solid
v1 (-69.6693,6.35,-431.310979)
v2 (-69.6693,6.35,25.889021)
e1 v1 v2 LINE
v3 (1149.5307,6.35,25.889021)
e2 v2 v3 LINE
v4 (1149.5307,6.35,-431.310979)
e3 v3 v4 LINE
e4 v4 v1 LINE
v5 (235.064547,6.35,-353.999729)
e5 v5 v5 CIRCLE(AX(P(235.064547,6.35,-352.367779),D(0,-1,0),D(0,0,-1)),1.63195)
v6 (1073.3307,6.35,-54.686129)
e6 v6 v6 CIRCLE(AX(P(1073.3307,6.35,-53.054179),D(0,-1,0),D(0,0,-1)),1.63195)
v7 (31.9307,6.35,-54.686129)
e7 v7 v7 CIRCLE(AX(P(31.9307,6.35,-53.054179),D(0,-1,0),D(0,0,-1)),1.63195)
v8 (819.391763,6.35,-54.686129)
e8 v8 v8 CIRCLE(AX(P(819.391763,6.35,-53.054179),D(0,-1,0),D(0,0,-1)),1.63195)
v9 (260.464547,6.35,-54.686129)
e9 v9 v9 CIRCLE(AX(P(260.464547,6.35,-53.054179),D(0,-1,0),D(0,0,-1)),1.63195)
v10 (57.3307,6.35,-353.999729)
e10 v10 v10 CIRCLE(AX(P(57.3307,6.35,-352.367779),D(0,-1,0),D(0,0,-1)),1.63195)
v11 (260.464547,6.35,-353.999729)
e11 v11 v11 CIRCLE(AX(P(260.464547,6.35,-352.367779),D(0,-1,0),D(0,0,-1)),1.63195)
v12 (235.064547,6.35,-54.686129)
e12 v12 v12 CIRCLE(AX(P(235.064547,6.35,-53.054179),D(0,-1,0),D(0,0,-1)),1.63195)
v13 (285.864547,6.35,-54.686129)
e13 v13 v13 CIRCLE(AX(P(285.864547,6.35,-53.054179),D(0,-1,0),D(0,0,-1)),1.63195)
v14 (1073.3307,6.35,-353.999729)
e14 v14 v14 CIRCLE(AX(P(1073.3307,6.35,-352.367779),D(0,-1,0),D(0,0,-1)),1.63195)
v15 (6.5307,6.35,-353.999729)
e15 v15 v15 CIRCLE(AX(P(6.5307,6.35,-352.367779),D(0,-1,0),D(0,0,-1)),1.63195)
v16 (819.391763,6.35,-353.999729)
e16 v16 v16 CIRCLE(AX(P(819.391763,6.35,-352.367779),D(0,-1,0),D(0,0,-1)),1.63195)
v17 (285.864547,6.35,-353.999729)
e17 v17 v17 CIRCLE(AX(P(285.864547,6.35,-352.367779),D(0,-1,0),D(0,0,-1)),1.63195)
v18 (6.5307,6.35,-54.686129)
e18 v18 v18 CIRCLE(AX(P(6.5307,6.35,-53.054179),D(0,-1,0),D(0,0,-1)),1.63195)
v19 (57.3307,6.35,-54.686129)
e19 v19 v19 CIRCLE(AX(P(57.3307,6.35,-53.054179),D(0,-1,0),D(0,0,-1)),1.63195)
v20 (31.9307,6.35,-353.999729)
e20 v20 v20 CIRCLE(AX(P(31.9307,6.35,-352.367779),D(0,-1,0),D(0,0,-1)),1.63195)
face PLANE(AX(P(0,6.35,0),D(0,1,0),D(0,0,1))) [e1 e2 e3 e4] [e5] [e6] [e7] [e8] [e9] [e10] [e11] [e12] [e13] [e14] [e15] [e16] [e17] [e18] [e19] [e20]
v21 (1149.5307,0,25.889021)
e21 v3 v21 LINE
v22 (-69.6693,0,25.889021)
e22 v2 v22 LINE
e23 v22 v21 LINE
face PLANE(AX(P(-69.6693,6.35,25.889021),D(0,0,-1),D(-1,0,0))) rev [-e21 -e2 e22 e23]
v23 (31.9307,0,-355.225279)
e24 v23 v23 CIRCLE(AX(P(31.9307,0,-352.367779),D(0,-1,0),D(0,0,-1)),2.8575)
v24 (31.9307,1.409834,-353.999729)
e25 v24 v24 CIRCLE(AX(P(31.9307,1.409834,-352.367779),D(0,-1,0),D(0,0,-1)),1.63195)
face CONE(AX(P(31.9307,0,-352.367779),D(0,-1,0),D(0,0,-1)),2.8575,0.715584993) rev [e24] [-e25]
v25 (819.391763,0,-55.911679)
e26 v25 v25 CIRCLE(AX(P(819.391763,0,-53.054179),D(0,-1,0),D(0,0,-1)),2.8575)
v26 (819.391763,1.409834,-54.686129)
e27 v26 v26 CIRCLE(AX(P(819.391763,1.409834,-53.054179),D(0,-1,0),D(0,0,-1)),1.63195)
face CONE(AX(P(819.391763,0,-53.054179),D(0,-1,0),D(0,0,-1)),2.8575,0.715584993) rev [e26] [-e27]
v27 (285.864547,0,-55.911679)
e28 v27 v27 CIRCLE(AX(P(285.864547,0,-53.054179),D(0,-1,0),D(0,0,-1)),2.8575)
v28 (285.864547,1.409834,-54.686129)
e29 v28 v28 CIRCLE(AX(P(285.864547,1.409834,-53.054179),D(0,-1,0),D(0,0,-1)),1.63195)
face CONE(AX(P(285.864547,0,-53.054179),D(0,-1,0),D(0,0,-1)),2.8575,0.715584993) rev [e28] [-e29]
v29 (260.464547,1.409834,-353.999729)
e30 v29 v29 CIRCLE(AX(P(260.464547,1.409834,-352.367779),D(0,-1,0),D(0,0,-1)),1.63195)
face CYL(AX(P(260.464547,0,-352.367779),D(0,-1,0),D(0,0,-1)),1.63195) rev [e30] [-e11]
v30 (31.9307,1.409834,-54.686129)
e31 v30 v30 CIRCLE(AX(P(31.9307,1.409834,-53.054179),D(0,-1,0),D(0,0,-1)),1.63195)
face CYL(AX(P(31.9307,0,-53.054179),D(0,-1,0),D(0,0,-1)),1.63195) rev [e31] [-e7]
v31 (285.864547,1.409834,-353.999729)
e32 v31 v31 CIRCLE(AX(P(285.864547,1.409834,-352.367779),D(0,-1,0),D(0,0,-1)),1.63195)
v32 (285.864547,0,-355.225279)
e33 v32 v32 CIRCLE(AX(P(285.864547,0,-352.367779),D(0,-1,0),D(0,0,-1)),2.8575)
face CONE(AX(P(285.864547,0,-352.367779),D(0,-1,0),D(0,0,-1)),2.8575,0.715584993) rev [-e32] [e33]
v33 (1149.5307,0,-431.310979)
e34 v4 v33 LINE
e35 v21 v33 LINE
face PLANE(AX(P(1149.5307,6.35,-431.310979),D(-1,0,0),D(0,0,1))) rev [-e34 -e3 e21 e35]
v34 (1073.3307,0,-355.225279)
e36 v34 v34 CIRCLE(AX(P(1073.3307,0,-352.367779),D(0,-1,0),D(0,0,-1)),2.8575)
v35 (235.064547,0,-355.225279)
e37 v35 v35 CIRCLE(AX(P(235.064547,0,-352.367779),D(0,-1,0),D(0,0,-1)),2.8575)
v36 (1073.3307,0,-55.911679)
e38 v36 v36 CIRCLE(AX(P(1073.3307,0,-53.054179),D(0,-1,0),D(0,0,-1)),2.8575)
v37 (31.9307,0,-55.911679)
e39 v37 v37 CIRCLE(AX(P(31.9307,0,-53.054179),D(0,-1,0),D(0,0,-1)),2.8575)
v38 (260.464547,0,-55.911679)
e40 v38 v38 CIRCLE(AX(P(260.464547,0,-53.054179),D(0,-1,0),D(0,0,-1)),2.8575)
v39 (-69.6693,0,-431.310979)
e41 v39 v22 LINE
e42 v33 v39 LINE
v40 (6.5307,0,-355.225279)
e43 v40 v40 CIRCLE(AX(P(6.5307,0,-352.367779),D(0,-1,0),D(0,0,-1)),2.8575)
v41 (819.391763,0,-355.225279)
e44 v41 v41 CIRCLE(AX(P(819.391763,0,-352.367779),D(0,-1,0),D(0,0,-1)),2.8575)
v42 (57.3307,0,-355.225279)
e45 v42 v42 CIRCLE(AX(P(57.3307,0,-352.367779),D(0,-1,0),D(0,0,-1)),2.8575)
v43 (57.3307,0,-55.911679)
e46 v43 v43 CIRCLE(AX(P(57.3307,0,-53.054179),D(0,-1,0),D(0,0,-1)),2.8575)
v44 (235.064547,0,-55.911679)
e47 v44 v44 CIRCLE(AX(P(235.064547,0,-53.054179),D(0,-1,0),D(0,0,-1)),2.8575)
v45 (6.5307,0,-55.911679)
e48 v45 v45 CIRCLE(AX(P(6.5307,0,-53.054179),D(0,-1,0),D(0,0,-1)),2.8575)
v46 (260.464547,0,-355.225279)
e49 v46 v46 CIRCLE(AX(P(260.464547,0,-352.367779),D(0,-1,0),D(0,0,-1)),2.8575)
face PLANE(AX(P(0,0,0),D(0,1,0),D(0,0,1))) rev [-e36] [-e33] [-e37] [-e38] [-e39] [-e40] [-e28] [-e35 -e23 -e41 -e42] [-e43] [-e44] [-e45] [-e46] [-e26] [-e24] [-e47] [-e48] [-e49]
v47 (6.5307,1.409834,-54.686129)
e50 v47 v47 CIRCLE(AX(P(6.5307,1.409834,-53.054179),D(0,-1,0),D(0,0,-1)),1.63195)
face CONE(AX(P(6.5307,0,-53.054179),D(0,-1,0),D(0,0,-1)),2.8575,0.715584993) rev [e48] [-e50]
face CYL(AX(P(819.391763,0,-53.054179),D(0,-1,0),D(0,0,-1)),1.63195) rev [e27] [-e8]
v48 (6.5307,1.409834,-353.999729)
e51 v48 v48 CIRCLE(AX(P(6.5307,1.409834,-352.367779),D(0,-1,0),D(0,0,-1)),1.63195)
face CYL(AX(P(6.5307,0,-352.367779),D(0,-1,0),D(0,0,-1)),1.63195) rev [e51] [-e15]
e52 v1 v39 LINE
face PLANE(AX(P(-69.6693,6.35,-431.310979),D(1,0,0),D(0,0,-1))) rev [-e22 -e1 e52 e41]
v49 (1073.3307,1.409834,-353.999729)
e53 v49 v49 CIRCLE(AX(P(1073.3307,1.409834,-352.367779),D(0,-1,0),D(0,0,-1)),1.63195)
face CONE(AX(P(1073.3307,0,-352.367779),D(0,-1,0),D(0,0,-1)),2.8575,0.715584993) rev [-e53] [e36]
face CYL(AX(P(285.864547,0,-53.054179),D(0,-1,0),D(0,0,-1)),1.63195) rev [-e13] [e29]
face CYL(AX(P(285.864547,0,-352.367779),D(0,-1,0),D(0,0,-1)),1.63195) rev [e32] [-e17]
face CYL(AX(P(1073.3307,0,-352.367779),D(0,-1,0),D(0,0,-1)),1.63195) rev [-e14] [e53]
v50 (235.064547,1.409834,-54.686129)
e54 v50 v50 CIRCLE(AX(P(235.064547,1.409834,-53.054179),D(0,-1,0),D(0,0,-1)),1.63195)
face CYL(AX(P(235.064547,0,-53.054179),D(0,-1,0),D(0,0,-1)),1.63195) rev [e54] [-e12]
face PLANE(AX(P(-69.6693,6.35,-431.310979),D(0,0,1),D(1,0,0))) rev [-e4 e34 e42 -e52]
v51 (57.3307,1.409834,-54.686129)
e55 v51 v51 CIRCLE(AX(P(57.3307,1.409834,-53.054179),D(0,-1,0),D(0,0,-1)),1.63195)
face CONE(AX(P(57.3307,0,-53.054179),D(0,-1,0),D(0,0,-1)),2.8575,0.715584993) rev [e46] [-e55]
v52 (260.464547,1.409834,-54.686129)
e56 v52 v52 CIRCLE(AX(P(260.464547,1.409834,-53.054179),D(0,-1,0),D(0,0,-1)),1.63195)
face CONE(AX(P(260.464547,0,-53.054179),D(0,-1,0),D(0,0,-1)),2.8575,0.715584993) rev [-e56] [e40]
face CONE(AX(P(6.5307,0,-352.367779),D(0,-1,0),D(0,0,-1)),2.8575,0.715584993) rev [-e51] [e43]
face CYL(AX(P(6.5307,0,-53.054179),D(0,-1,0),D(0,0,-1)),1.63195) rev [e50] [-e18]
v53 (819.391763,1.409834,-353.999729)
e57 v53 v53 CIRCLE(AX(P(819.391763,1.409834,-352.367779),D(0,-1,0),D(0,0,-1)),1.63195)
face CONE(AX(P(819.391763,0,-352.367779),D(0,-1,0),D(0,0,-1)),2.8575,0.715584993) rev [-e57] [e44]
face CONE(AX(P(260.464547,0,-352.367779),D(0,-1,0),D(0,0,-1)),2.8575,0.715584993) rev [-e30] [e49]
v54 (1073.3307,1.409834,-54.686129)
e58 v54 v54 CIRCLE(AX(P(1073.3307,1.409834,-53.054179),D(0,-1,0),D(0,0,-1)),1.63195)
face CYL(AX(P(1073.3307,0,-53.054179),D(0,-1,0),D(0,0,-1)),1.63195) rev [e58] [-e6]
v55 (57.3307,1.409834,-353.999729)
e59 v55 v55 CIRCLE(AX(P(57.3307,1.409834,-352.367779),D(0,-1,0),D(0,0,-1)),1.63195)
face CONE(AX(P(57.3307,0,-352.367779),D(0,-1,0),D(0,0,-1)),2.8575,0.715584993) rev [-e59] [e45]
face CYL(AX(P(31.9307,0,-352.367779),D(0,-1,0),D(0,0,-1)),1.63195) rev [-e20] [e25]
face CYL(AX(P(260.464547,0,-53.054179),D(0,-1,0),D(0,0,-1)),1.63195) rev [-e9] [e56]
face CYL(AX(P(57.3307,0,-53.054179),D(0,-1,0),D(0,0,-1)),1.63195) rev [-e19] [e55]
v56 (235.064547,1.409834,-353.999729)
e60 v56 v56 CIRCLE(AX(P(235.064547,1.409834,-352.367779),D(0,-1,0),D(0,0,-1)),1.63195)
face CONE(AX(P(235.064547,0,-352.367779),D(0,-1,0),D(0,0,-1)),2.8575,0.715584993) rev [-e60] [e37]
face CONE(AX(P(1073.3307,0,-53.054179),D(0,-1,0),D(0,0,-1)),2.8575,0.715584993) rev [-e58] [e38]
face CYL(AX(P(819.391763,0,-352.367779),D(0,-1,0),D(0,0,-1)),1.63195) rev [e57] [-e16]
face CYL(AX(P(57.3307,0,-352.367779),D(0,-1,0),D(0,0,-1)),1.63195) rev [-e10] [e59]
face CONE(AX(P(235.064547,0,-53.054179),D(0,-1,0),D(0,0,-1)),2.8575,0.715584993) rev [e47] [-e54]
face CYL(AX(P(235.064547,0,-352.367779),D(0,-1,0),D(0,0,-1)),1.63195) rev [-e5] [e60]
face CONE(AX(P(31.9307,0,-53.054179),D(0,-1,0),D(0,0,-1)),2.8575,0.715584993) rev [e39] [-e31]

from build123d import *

# Parameters (mm, degrees)
SKETCH1_W                                      = 1219.2
SKETCH1_H                                      = 457.2
BOSS_EXTRUDE1_DEPTH                            = 6.35
CSK_FOR_4_FLAT_HEAD_MACHINE_SCREW1_D           = 3.2639
CSK_FOR_4_FLAT_HEAD_MACHINE_SCREW1_CSINK_D     = 5.715
CSK_FOR_4_FLAT_HEAD_MACHINE_SCREW1_CSINK_ANGLE = 82
CSK_FOR_4_FLAT_HEAD_MACHINE_SCREW2_D           = 3.2639
CSK_FOR_4_FLAT_HEAD_MACHINE_SCREW2_CSINK_D     = 5.715
CSK_FOR_4_FLAT_HEAD_MACHINE_SCREW2_CSINK_ANGLE = 82


with BuildPart() as part:
    # Sketch1 → Boss-Extrude1 (new body)
    with BuildSketch(Plane(origin=(0, 0, 0), x_dir=(1, 0, 0), z_dir=(0, 1, 0))):
        with Locations((539.930699859, 202.710979244)):
            Rectangle(SKETCH1_W, SKETCH1_H)
    extrude(amount=BOSS_EXTRUDE1_DEPTH)

    # CSK for #4 Flat Head Machine Screw1 (through all)
    with Locations(Plane(origin=(1073.330699859, 0, -53.054179244), x_dir=(0, 0, -1), z_dir=(0, -1, 0))):
        with Locations((0, 0), (299.3136, 0), (299.3136, -253.938936661), (0, -253.938936661), (0, -1066.8), (0, -838.266153012), (299.3136, -838.266153012), (299.3136, -1066.8)):
            CounterSinkHole(CSK_FOR_4_FLAT_HEAD_MACHINE_SCREW1_D / 2, CSK_FOR_4_FLAT_HEAD_MACHINE_SCREW1_CSINK_D / 2, counter_sink_angle=CSK_FOR_4_FLAT_HEAD_MACHINE_SCREW1_CSINK_ANGLE)

    # CSK for #4 Flat Head Machine Screw2 (through all)
    with Locations(Plane(origin=(31.930699859, 0, -53.054179244), x_dir=(0, 0, -1), z_dir=(0, -1, 0))):
        with Locations((0, 0), (0, 25.4), (0, 228.533846988), (0, 253.933846988), (299.3136, 228.533846988), (299.3136, 253.933846988), (299.3136, 0), (299.3136, 25.4)):
            CounterSinkHole(CSK_FOR_4_FLAT_HEAD_MACHINE_SCREW2_D / 2, CSK_FOR_4_FLAT_HEAD_MACHINE_SCREW2_CSINK_D / 2, counter_sink_angle=CSK_FOR_4_FLAT_HEAD_MACHINE_SCREW2_CSINK_ANGLE)


solid = part.part
